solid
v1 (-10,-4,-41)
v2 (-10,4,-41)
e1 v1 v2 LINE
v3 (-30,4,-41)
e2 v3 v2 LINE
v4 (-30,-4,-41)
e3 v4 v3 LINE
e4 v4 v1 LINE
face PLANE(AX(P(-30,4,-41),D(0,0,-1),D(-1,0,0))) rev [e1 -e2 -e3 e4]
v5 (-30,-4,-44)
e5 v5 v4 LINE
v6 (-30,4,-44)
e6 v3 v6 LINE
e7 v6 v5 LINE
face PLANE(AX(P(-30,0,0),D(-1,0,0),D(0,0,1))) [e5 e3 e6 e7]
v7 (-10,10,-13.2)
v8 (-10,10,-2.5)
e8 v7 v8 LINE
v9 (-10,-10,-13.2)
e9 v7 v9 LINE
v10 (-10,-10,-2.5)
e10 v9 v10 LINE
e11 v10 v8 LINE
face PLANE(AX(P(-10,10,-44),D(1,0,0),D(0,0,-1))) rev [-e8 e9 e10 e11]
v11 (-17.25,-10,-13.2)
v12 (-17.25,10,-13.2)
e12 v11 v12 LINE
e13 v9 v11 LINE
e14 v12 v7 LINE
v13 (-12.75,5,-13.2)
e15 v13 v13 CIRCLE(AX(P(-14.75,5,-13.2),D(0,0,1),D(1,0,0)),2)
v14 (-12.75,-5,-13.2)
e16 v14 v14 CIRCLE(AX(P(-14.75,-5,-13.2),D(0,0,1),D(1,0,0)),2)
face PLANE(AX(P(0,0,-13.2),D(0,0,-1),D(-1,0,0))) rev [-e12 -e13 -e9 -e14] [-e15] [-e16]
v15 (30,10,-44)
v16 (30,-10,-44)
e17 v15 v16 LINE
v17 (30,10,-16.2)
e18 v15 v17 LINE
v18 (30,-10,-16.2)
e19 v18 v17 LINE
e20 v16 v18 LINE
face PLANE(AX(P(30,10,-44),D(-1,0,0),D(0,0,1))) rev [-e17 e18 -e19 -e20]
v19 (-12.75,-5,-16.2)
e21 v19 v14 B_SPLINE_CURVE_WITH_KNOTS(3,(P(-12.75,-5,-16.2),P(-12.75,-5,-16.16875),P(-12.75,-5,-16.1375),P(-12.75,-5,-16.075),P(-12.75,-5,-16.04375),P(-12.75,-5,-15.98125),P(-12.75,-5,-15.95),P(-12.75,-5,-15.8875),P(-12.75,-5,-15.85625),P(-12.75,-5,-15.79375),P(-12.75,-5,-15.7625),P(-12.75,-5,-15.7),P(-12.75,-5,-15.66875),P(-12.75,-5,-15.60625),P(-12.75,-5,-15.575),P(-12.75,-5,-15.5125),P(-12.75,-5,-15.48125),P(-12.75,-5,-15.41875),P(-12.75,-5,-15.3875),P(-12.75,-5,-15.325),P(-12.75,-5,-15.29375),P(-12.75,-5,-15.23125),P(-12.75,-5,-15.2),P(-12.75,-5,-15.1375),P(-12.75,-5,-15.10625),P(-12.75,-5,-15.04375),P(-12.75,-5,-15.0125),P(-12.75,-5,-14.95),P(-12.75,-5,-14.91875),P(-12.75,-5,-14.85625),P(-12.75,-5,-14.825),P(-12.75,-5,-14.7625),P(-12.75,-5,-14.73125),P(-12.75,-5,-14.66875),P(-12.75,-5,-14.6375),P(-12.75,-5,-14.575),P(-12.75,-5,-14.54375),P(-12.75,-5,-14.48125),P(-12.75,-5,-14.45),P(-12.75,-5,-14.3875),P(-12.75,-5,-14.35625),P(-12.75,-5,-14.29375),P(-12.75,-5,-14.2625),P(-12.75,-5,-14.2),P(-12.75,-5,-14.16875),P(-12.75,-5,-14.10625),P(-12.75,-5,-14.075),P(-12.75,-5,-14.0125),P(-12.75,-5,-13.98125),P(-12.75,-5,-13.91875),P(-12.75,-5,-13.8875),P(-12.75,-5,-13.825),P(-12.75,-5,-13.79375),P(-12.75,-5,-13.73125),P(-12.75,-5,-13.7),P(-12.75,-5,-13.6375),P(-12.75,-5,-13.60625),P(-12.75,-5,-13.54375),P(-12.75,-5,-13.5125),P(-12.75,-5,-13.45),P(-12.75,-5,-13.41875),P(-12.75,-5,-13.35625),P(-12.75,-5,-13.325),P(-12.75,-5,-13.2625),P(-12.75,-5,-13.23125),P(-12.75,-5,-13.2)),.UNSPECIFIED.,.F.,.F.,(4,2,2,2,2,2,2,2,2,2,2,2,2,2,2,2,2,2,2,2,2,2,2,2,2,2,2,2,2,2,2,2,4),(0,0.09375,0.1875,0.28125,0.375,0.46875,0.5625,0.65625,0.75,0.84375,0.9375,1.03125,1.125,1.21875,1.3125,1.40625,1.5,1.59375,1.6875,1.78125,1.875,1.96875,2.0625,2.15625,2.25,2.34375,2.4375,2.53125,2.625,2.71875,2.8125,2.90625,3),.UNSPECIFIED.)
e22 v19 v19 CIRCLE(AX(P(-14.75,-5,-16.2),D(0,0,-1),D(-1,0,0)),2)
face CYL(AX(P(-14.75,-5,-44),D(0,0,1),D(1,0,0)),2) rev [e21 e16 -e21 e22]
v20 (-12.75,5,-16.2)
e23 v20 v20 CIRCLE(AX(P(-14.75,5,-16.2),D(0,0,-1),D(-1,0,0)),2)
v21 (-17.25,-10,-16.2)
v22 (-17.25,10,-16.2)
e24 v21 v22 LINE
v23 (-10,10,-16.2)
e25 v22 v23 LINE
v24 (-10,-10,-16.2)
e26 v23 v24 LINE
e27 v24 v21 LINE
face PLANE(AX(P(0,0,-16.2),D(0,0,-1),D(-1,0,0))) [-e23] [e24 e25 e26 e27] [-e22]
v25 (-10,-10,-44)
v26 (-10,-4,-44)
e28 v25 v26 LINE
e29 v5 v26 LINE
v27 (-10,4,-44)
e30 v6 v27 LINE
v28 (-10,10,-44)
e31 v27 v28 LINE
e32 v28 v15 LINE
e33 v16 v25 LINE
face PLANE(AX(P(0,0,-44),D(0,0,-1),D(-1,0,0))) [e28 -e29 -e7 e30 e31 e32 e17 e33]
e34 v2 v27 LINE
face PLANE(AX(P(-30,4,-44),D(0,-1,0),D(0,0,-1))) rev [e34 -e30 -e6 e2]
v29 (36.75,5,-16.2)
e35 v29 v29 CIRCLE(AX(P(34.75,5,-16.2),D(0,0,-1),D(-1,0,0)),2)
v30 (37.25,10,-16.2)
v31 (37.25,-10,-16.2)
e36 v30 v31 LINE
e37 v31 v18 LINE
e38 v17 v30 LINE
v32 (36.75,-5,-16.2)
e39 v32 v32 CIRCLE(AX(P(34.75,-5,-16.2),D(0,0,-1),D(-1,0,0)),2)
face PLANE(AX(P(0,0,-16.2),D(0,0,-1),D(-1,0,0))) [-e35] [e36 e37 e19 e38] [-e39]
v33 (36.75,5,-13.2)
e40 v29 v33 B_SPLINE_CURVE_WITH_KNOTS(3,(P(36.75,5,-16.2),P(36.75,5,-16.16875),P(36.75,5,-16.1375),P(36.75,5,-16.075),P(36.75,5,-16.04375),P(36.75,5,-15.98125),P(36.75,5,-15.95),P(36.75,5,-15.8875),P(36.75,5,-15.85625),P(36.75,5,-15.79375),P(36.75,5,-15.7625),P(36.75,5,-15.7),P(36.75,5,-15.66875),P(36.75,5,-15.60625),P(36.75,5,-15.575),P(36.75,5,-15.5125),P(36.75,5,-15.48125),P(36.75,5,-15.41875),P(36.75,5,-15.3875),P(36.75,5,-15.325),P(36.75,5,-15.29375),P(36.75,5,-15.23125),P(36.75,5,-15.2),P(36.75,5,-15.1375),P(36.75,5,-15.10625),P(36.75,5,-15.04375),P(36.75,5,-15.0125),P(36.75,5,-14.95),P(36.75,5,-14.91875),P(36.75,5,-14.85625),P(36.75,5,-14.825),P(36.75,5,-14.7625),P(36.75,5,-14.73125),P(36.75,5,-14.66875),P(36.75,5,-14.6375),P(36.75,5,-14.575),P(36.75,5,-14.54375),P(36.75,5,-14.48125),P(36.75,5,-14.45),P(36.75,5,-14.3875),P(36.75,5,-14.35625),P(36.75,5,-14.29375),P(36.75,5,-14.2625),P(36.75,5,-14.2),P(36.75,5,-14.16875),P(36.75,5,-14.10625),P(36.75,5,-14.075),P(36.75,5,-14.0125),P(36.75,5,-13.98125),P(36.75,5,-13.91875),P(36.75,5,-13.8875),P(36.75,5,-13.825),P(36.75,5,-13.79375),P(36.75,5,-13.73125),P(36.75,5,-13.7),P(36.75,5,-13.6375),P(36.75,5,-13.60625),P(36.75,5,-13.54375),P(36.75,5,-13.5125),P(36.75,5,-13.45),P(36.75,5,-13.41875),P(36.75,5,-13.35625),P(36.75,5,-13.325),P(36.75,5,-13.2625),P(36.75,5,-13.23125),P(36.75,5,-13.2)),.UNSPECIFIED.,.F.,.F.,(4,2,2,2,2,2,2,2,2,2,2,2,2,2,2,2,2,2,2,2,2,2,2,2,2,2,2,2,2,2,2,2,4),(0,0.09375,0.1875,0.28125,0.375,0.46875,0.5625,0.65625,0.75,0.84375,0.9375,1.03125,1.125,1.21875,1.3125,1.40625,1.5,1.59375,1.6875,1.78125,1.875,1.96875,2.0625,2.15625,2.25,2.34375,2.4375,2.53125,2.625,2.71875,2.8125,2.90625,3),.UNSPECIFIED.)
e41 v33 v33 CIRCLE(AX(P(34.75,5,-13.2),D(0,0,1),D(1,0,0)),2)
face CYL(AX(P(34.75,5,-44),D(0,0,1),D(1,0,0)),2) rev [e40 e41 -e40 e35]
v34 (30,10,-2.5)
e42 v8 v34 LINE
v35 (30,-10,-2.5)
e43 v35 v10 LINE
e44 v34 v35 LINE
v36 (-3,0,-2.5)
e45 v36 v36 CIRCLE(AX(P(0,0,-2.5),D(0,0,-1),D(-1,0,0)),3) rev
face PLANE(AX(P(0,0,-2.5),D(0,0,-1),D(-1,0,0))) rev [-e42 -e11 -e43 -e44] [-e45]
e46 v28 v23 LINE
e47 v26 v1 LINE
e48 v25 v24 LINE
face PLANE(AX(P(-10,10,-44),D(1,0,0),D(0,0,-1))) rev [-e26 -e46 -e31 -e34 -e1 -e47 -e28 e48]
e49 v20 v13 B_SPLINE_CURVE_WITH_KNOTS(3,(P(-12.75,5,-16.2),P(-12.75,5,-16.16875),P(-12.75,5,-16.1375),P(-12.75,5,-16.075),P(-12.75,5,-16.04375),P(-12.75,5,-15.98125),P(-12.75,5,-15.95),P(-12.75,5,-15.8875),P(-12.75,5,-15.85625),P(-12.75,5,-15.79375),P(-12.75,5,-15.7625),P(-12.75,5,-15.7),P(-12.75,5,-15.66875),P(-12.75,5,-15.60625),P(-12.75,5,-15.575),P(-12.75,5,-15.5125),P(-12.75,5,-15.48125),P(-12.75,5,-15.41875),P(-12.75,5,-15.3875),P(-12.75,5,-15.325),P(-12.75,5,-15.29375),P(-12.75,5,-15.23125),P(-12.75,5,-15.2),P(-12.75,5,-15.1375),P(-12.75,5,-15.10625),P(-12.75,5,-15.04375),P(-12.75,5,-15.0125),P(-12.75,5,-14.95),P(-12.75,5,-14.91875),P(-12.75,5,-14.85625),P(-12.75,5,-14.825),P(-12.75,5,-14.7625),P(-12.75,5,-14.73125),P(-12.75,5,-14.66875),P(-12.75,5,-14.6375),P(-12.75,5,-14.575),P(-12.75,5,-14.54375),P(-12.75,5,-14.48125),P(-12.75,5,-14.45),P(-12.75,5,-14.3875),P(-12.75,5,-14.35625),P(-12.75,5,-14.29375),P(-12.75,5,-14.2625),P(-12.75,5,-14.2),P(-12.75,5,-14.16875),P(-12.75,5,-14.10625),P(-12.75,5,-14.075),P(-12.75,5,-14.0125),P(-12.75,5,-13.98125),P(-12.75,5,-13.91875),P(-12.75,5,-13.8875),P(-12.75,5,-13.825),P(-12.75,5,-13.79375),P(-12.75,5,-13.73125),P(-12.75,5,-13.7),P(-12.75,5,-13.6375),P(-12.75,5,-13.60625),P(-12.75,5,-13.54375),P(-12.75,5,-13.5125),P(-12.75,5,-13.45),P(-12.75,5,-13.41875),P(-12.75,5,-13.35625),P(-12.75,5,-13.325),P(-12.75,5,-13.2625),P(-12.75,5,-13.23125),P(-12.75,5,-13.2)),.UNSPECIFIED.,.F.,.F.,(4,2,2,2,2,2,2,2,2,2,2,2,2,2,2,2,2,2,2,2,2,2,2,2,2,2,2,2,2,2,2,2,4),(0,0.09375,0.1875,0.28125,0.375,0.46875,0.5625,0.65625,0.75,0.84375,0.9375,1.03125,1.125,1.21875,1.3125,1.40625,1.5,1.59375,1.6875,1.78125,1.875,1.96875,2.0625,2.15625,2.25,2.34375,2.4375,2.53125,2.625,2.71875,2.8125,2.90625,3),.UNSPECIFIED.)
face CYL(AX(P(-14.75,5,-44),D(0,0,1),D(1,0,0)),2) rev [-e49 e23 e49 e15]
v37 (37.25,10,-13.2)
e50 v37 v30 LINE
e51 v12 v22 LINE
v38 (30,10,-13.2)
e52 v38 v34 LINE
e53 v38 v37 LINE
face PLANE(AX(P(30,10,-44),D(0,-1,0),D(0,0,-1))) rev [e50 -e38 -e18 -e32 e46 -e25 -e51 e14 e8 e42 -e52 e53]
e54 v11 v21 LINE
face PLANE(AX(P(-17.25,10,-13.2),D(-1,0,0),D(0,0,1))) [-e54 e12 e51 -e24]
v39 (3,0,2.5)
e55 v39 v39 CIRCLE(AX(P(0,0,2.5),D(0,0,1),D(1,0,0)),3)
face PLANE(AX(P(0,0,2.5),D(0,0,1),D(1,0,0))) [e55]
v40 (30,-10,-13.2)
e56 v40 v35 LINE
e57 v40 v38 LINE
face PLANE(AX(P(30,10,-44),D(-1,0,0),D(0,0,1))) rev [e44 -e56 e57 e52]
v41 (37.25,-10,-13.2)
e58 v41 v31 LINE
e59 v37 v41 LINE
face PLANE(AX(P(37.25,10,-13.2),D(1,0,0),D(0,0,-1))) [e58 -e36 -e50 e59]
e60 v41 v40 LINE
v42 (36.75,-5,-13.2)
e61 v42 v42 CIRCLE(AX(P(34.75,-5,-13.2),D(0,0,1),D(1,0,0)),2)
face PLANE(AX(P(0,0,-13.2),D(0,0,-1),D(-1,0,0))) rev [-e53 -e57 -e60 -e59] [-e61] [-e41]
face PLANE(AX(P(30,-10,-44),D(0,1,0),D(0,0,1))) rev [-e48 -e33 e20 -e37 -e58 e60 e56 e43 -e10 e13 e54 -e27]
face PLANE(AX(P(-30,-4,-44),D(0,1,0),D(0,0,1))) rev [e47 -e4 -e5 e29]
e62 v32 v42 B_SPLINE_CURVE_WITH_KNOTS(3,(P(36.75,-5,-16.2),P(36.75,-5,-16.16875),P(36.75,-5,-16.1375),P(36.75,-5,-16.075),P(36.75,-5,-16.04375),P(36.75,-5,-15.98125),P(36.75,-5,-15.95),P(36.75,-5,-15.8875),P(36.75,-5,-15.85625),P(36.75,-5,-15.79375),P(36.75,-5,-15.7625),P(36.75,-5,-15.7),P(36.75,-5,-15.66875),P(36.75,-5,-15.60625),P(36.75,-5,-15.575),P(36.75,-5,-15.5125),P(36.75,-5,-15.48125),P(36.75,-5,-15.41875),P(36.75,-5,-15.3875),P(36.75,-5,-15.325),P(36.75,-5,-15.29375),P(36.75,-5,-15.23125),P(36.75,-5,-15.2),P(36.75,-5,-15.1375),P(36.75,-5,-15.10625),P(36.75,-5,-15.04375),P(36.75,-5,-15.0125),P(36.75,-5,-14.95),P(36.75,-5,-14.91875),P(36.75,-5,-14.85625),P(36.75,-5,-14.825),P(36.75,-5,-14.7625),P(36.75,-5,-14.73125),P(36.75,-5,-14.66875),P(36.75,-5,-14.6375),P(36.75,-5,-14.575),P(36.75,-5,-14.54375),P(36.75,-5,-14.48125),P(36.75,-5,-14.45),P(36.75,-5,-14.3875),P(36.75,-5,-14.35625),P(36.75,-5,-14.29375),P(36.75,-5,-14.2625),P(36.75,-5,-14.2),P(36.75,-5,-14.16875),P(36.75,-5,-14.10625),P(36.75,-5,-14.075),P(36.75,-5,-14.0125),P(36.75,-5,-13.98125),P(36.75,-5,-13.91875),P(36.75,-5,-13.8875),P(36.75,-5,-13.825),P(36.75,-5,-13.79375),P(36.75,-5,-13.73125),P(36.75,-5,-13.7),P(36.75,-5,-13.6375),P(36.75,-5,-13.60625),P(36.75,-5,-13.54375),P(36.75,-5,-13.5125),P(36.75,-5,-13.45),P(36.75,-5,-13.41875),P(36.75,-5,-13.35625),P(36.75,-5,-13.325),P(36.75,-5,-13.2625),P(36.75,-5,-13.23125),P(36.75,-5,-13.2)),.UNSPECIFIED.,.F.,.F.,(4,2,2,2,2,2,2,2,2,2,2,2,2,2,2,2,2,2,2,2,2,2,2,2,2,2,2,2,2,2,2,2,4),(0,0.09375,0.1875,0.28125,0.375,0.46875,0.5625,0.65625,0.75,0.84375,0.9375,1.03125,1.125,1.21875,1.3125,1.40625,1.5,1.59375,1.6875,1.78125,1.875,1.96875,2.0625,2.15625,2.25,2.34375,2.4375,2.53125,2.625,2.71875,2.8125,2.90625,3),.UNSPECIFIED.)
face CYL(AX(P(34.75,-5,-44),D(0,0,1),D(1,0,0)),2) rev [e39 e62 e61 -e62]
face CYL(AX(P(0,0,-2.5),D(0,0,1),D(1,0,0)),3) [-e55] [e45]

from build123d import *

# Parameters (mm, degrees)
SKETCH1_R           = 3
BOSS_EXTRUDE1_DEPTH = 2.5
SKETCH2_W           = 40
SKETCH2_H           = 20
BOSS_EXTRUDE2_DEPTH = 41.5
BOSS_EXTRUDE3_START = -27.8
SKETCH3_W           = 7.25
SKETCH3_H           = 20
BOSS_EXTRUDE3_DEPTH = 3
SKETCH4_R           = 2
CUT_EXTRUDE1_DEPTH  = 50.357902103
SKETCH5_W           = 3
SKETCH5_H           = 8
BOSS_EXTRUDE4_DEPTH = 20


with BuildPart() as part:
    # Sketch1 → Boss-Extrude1 (new, symmetric)
    with BuildSketch(Plane.XY):
        Circle(SKETCH1_R)
    extrude(amount=BOSS_EXTRUDE1_DEPTH, both=True)

    # Sketch2 → Boss-Extrude2 (add)
    with BuildSketch(Plane(origin=(0, 0, -2.5), x_dir=(-1, 0, 0), z_dir=(0, 0, -1))):
        with Locations((-10, 0)):
            Rectangle(SKETCH2_W, SKETCH2_H)
    extrude(amount=BOSS_EXTRUDE2_DEPTH)

    # Sketch3 → Boss-Extrude3 (add)
    with BuildSketch(Plane(origin=(0, 0, -44), x_dir=(-1, 0, 0), z_dir=(0, 0, -1)).offset(BOSS_EXTRUDE3_START)):
        with Locations((-33.625, 0)):
            Rectangle(SKETCH3_W, SKETCH3_H)
        with Locations((13.625, 0)):
            Rectangle(SKETCH3_W, SKETCH3_H)
    extrude(amount=-BOSS_EXTRUDE3_DEPTH)

    # Sketch4 → Cut-Extrude1 (cut, through all)
    with BuildSketch(Plane.XY.offset(-13.2)):
        with Locations((-14.75, -5)):
            Circle(SKETCH4_R)
        with Locations((-14.75, 5)):
            Circle(SKETCH4_R)
        with Locations((34.75, 5)):
            Circle(SKETCH4_R)
        with Locations((34.75, -5)):
            Circle(SKETCH4_R)
    extrude(amount=-CUT_EXTRUDE1_DEPTH, mode=Mode.SUBTRACT)

    # Sketch5 → Boss-Extrude4 (add)
    with BuildSketch(Plane.ZY.offset(10)):
        with Locations((-42.5, 0)):
            Rectangle(SKETCH5_W, SKETCH5_H)
    extrude(amount=BOSS_EXTRUDE4_DEPTH)


solid = part.part
